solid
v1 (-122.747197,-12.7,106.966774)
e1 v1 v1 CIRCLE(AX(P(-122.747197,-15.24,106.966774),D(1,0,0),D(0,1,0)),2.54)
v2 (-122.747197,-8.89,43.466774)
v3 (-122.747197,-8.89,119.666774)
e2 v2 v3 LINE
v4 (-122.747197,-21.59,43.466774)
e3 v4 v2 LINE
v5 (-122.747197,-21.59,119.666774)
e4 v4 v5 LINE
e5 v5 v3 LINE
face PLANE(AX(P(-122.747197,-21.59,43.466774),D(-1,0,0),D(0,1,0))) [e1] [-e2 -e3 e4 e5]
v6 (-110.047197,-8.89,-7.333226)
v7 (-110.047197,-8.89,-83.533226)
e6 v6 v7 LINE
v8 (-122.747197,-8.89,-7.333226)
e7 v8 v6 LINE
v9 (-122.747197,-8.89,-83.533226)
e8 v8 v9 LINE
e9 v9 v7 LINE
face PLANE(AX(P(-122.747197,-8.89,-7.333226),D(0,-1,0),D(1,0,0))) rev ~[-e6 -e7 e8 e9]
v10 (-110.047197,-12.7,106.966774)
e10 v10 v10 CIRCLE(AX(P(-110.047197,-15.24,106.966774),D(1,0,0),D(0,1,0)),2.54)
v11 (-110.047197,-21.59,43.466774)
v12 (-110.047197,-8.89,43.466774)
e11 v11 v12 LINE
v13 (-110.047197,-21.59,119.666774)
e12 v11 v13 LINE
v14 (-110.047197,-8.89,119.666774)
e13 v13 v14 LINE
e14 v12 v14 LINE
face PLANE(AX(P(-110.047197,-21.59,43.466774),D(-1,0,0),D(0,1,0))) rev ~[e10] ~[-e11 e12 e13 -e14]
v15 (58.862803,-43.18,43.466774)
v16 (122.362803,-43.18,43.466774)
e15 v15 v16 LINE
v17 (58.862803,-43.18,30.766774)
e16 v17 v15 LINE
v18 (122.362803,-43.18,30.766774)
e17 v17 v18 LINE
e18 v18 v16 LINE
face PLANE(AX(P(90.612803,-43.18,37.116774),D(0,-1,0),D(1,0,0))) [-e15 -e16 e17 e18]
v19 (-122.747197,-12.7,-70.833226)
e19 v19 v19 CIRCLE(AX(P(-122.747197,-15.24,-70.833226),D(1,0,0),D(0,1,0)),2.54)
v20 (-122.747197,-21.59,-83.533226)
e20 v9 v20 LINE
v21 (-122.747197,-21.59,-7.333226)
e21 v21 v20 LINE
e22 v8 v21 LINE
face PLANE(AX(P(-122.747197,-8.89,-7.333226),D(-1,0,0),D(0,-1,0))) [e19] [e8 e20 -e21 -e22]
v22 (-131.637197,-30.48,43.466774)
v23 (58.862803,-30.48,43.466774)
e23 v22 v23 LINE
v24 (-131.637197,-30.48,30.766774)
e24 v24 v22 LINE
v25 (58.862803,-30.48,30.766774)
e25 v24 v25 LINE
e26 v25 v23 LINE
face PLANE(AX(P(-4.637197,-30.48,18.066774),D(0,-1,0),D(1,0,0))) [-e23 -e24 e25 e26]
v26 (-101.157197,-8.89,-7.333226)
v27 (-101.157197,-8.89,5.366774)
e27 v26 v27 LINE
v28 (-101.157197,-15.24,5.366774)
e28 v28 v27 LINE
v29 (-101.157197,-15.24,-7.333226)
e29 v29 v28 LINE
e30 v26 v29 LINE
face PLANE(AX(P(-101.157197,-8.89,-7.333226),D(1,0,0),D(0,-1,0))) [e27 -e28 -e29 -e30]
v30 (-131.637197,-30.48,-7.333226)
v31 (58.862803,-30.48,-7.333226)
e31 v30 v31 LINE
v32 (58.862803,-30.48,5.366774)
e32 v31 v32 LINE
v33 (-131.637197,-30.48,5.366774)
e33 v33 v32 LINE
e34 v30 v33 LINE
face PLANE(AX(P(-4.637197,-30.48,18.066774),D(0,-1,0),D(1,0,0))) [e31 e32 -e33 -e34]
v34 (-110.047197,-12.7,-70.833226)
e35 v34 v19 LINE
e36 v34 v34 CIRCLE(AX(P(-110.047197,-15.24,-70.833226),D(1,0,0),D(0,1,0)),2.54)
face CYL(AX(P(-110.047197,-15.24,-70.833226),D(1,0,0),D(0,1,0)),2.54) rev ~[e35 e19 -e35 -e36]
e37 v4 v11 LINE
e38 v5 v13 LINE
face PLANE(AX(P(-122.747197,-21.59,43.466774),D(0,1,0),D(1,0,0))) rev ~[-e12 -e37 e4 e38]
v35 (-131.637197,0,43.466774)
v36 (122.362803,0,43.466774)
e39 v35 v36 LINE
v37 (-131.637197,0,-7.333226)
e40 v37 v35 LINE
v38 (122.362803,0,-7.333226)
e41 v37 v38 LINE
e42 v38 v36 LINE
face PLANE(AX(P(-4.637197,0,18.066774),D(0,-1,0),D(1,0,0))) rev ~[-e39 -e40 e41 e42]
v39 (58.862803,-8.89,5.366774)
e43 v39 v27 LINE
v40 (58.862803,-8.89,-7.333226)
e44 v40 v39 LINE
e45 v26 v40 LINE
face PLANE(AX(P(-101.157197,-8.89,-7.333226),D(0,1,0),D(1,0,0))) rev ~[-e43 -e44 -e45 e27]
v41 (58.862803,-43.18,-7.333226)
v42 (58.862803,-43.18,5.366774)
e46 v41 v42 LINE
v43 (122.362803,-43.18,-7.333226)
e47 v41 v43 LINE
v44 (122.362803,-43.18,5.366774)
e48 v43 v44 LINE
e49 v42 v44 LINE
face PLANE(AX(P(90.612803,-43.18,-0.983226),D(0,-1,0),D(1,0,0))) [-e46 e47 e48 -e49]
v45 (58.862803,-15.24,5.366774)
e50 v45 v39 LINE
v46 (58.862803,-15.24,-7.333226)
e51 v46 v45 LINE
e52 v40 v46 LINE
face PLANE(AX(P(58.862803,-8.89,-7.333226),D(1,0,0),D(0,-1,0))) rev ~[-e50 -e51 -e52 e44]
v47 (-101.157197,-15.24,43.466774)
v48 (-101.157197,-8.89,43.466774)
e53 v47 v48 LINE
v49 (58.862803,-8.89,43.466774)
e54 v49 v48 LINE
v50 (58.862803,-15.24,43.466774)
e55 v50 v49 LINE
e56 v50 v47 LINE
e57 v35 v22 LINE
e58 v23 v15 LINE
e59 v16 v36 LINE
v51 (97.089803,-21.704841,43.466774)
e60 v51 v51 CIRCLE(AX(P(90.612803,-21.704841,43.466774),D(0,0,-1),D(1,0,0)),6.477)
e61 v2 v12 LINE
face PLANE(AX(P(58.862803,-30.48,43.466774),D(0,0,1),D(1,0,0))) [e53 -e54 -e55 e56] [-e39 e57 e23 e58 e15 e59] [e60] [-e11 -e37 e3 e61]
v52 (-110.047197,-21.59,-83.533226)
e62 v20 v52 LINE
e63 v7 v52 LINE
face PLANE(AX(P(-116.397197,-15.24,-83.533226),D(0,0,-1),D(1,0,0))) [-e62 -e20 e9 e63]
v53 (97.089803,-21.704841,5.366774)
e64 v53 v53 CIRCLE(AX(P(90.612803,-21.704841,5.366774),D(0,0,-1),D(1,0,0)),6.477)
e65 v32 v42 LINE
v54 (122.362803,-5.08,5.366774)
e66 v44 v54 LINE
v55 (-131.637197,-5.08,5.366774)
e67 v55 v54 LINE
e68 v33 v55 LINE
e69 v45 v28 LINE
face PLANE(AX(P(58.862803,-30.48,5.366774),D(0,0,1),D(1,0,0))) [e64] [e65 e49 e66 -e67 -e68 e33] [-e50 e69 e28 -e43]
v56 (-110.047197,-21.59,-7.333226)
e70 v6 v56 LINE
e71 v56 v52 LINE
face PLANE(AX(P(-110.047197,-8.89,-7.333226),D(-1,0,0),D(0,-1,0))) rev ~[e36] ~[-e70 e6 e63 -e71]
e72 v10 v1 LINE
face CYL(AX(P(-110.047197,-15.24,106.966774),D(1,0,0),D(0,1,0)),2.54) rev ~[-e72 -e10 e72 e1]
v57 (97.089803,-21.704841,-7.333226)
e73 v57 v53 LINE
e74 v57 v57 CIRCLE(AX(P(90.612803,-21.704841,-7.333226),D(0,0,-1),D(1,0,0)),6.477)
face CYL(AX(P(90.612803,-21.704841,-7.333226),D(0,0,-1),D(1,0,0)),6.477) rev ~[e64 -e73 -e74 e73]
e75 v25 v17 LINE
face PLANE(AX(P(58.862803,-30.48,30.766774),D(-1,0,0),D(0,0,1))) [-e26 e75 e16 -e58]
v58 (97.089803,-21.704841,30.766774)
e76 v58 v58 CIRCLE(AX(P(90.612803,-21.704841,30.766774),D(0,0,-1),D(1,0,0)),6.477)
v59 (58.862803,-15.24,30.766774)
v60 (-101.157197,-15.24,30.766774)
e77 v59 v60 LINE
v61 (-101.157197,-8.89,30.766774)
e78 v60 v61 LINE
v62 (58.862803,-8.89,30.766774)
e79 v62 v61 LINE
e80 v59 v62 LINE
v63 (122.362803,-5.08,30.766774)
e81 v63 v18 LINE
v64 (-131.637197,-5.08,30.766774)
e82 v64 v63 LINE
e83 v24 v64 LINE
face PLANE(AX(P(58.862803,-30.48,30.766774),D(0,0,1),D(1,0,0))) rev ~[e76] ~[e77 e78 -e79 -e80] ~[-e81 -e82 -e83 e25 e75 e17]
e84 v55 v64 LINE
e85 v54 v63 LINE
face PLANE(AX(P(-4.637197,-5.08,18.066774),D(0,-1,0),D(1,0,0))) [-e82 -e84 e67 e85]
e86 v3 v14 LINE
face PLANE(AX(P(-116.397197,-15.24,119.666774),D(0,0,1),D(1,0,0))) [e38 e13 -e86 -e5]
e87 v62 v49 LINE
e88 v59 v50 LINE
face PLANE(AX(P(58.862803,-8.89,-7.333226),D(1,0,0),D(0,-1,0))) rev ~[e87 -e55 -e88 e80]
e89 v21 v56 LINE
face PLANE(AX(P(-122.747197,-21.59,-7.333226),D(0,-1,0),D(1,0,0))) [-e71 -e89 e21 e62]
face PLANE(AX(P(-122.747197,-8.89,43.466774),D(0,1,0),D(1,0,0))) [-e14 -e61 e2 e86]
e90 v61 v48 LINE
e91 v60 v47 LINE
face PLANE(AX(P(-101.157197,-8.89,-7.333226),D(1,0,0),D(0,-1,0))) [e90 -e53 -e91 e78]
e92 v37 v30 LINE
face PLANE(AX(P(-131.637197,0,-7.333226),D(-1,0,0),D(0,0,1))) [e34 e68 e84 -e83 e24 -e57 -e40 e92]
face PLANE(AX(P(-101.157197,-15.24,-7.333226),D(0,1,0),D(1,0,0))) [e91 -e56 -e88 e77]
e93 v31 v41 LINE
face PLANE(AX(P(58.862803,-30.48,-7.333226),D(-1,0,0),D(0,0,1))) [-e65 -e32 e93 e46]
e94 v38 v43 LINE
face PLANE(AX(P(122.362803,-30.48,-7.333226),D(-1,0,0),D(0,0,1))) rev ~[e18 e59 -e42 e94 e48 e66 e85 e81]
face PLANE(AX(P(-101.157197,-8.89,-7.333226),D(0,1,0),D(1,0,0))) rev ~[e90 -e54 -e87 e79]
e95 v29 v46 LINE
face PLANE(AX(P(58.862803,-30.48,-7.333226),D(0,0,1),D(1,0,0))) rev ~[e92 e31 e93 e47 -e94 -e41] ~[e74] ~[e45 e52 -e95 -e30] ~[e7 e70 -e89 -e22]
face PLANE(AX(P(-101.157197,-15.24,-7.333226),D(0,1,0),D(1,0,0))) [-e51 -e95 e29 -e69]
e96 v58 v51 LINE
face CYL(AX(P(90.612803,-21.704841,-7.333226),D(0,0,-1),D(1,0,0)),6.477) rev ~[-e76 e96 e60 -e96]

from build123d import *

# Parameters (mm, degrees)
F0_W      = 254
F0_H      = 50.8
F1_DEPTH  = 30.48
F2_W      = 254
F2_H      = 25.4
F3_DEPTH  = 25.4
F4_W      = 12.7
F4_H      = 12.7
F6_DEPTH  = 76.2
F5_W      = 12.7
F5_H      = 12.7
F7_DEPTH  = 76.2
F8_W      = 63.5
F8_H      = 12.7
F10_DEPTH = 12.7
F9_W      = 63.5
F9_H      = 12.7
F11_DEPTH = 12.7
F12_W     = 160.02
F12_H     = 6.35
F14_DEPTH = 127.001
F13_R     = 6.477
F15_DEPTH = 127.001
F16_R     = 2.54
F18_DEPTH = 25.4
F17_R     = 2.54
F19_DEPTH = 25.4


with BuildPart() as f1:
    # F0 (on Front) → F1 (new body)
    with BuildSketch(Plane.XZ):
        with Locations((-4.6371974824, 18.0667741224)):
            Rectangle(F0_W, F0_H)
    extrude(amount=F1_DEPTH)

    # F2 (on face) → F3 (cut)
    with BuildSketch(Plane.XZ.offset(30.48)):
        with Locations((-4.6371974824, 18.0667741224)):
            Rectangle(F2_W, F2_H)
    extrude(amount=-F3_DEPTH, mode=Mode.SUBTRACT)

    # F4 (on face) → F6 (join)
    with BuildSketch(Plane(origin=(0, 0, -7.3332258776), x_dir=(1, 0, 0), z_dir=(0, 0, -1))):
        with Locations((-116.3971974824, 15.24)):
            Rectangle(F4_W, F4_H)
    extrude(amount=F6_DEPTH)

    # F5 (on face) → F7 (join)
    with BuildSketch(Plane.XY.offset(43.4667741224)):
        with Locations((-116.3971974824, -15.24)):
            Rectangle(F5_W, F5_H)
    extrude(amount=F7_DEPTH)

    # F8 (on face) → F10 (join)
    with BuildSketch(Plane.XZ.offset(30.48)):
        with Locations((90.6128025176, 37.1167741224)):
            Rectangle(F8_W, F8_H)
    extrude(amount=F10_DEPTH)

    # F9 (on face) → F11 (join)
    with BuildSketch(Plane.XZ.offset(30.48)):
        with Locations((90.6128025176, -0.9832258776)):
            Rectangle(F9_W, F9_H)
    extrude(amount=F11_DEPTH)

    # F12 (on face) → F14 (cut, through all)
    with BuildSketch(Plane(origin=(0, 0, -7.3332258776), x_dir=(1, 0, 0), z_dir=(0, 0, -1))):
        with Locations((-21.1471974824, 12.065)):
            Rectangle(F12_W, F12_H)
    extrude(amount=-F14_DEPTH, mode=Mode.SUBTRACT)

    # F13 (on face) → F15 (cut, through all)
    with BuildSketch(Plane(origin=(0, 0, -7.3332258776), x_dir=(1, 0, 0), z_dir=(0, 0, -1))):
        with Locations((90.6128025176, 21.7048414052)):
            Circle(F13_R)
    extrude(amount=-F15_DEPTH, mode=Mode.SUBTRACT)

    # F16 (on face) → F18 (cut)
    with BuildSketch(Plane.YZ.offset(-110.0471974824)):
        with Locations((-15.24, -70.8332258776)):
            Circle(F16_R)
    extrude(amount=-F18_DEPTH, mode=Mode.SUBTRACT)

    # F17 (on face) → F19 (cut)
    with BuildSketch(Plane.YZ.offset(-110.0471974824)):
        with Locations((-15.24, 106.9667741224)):
            Circle(F17_R)
    extrude(amount=-F19_DEPTH, mode=Mode.SUBTRACT)


solid = f1.part
